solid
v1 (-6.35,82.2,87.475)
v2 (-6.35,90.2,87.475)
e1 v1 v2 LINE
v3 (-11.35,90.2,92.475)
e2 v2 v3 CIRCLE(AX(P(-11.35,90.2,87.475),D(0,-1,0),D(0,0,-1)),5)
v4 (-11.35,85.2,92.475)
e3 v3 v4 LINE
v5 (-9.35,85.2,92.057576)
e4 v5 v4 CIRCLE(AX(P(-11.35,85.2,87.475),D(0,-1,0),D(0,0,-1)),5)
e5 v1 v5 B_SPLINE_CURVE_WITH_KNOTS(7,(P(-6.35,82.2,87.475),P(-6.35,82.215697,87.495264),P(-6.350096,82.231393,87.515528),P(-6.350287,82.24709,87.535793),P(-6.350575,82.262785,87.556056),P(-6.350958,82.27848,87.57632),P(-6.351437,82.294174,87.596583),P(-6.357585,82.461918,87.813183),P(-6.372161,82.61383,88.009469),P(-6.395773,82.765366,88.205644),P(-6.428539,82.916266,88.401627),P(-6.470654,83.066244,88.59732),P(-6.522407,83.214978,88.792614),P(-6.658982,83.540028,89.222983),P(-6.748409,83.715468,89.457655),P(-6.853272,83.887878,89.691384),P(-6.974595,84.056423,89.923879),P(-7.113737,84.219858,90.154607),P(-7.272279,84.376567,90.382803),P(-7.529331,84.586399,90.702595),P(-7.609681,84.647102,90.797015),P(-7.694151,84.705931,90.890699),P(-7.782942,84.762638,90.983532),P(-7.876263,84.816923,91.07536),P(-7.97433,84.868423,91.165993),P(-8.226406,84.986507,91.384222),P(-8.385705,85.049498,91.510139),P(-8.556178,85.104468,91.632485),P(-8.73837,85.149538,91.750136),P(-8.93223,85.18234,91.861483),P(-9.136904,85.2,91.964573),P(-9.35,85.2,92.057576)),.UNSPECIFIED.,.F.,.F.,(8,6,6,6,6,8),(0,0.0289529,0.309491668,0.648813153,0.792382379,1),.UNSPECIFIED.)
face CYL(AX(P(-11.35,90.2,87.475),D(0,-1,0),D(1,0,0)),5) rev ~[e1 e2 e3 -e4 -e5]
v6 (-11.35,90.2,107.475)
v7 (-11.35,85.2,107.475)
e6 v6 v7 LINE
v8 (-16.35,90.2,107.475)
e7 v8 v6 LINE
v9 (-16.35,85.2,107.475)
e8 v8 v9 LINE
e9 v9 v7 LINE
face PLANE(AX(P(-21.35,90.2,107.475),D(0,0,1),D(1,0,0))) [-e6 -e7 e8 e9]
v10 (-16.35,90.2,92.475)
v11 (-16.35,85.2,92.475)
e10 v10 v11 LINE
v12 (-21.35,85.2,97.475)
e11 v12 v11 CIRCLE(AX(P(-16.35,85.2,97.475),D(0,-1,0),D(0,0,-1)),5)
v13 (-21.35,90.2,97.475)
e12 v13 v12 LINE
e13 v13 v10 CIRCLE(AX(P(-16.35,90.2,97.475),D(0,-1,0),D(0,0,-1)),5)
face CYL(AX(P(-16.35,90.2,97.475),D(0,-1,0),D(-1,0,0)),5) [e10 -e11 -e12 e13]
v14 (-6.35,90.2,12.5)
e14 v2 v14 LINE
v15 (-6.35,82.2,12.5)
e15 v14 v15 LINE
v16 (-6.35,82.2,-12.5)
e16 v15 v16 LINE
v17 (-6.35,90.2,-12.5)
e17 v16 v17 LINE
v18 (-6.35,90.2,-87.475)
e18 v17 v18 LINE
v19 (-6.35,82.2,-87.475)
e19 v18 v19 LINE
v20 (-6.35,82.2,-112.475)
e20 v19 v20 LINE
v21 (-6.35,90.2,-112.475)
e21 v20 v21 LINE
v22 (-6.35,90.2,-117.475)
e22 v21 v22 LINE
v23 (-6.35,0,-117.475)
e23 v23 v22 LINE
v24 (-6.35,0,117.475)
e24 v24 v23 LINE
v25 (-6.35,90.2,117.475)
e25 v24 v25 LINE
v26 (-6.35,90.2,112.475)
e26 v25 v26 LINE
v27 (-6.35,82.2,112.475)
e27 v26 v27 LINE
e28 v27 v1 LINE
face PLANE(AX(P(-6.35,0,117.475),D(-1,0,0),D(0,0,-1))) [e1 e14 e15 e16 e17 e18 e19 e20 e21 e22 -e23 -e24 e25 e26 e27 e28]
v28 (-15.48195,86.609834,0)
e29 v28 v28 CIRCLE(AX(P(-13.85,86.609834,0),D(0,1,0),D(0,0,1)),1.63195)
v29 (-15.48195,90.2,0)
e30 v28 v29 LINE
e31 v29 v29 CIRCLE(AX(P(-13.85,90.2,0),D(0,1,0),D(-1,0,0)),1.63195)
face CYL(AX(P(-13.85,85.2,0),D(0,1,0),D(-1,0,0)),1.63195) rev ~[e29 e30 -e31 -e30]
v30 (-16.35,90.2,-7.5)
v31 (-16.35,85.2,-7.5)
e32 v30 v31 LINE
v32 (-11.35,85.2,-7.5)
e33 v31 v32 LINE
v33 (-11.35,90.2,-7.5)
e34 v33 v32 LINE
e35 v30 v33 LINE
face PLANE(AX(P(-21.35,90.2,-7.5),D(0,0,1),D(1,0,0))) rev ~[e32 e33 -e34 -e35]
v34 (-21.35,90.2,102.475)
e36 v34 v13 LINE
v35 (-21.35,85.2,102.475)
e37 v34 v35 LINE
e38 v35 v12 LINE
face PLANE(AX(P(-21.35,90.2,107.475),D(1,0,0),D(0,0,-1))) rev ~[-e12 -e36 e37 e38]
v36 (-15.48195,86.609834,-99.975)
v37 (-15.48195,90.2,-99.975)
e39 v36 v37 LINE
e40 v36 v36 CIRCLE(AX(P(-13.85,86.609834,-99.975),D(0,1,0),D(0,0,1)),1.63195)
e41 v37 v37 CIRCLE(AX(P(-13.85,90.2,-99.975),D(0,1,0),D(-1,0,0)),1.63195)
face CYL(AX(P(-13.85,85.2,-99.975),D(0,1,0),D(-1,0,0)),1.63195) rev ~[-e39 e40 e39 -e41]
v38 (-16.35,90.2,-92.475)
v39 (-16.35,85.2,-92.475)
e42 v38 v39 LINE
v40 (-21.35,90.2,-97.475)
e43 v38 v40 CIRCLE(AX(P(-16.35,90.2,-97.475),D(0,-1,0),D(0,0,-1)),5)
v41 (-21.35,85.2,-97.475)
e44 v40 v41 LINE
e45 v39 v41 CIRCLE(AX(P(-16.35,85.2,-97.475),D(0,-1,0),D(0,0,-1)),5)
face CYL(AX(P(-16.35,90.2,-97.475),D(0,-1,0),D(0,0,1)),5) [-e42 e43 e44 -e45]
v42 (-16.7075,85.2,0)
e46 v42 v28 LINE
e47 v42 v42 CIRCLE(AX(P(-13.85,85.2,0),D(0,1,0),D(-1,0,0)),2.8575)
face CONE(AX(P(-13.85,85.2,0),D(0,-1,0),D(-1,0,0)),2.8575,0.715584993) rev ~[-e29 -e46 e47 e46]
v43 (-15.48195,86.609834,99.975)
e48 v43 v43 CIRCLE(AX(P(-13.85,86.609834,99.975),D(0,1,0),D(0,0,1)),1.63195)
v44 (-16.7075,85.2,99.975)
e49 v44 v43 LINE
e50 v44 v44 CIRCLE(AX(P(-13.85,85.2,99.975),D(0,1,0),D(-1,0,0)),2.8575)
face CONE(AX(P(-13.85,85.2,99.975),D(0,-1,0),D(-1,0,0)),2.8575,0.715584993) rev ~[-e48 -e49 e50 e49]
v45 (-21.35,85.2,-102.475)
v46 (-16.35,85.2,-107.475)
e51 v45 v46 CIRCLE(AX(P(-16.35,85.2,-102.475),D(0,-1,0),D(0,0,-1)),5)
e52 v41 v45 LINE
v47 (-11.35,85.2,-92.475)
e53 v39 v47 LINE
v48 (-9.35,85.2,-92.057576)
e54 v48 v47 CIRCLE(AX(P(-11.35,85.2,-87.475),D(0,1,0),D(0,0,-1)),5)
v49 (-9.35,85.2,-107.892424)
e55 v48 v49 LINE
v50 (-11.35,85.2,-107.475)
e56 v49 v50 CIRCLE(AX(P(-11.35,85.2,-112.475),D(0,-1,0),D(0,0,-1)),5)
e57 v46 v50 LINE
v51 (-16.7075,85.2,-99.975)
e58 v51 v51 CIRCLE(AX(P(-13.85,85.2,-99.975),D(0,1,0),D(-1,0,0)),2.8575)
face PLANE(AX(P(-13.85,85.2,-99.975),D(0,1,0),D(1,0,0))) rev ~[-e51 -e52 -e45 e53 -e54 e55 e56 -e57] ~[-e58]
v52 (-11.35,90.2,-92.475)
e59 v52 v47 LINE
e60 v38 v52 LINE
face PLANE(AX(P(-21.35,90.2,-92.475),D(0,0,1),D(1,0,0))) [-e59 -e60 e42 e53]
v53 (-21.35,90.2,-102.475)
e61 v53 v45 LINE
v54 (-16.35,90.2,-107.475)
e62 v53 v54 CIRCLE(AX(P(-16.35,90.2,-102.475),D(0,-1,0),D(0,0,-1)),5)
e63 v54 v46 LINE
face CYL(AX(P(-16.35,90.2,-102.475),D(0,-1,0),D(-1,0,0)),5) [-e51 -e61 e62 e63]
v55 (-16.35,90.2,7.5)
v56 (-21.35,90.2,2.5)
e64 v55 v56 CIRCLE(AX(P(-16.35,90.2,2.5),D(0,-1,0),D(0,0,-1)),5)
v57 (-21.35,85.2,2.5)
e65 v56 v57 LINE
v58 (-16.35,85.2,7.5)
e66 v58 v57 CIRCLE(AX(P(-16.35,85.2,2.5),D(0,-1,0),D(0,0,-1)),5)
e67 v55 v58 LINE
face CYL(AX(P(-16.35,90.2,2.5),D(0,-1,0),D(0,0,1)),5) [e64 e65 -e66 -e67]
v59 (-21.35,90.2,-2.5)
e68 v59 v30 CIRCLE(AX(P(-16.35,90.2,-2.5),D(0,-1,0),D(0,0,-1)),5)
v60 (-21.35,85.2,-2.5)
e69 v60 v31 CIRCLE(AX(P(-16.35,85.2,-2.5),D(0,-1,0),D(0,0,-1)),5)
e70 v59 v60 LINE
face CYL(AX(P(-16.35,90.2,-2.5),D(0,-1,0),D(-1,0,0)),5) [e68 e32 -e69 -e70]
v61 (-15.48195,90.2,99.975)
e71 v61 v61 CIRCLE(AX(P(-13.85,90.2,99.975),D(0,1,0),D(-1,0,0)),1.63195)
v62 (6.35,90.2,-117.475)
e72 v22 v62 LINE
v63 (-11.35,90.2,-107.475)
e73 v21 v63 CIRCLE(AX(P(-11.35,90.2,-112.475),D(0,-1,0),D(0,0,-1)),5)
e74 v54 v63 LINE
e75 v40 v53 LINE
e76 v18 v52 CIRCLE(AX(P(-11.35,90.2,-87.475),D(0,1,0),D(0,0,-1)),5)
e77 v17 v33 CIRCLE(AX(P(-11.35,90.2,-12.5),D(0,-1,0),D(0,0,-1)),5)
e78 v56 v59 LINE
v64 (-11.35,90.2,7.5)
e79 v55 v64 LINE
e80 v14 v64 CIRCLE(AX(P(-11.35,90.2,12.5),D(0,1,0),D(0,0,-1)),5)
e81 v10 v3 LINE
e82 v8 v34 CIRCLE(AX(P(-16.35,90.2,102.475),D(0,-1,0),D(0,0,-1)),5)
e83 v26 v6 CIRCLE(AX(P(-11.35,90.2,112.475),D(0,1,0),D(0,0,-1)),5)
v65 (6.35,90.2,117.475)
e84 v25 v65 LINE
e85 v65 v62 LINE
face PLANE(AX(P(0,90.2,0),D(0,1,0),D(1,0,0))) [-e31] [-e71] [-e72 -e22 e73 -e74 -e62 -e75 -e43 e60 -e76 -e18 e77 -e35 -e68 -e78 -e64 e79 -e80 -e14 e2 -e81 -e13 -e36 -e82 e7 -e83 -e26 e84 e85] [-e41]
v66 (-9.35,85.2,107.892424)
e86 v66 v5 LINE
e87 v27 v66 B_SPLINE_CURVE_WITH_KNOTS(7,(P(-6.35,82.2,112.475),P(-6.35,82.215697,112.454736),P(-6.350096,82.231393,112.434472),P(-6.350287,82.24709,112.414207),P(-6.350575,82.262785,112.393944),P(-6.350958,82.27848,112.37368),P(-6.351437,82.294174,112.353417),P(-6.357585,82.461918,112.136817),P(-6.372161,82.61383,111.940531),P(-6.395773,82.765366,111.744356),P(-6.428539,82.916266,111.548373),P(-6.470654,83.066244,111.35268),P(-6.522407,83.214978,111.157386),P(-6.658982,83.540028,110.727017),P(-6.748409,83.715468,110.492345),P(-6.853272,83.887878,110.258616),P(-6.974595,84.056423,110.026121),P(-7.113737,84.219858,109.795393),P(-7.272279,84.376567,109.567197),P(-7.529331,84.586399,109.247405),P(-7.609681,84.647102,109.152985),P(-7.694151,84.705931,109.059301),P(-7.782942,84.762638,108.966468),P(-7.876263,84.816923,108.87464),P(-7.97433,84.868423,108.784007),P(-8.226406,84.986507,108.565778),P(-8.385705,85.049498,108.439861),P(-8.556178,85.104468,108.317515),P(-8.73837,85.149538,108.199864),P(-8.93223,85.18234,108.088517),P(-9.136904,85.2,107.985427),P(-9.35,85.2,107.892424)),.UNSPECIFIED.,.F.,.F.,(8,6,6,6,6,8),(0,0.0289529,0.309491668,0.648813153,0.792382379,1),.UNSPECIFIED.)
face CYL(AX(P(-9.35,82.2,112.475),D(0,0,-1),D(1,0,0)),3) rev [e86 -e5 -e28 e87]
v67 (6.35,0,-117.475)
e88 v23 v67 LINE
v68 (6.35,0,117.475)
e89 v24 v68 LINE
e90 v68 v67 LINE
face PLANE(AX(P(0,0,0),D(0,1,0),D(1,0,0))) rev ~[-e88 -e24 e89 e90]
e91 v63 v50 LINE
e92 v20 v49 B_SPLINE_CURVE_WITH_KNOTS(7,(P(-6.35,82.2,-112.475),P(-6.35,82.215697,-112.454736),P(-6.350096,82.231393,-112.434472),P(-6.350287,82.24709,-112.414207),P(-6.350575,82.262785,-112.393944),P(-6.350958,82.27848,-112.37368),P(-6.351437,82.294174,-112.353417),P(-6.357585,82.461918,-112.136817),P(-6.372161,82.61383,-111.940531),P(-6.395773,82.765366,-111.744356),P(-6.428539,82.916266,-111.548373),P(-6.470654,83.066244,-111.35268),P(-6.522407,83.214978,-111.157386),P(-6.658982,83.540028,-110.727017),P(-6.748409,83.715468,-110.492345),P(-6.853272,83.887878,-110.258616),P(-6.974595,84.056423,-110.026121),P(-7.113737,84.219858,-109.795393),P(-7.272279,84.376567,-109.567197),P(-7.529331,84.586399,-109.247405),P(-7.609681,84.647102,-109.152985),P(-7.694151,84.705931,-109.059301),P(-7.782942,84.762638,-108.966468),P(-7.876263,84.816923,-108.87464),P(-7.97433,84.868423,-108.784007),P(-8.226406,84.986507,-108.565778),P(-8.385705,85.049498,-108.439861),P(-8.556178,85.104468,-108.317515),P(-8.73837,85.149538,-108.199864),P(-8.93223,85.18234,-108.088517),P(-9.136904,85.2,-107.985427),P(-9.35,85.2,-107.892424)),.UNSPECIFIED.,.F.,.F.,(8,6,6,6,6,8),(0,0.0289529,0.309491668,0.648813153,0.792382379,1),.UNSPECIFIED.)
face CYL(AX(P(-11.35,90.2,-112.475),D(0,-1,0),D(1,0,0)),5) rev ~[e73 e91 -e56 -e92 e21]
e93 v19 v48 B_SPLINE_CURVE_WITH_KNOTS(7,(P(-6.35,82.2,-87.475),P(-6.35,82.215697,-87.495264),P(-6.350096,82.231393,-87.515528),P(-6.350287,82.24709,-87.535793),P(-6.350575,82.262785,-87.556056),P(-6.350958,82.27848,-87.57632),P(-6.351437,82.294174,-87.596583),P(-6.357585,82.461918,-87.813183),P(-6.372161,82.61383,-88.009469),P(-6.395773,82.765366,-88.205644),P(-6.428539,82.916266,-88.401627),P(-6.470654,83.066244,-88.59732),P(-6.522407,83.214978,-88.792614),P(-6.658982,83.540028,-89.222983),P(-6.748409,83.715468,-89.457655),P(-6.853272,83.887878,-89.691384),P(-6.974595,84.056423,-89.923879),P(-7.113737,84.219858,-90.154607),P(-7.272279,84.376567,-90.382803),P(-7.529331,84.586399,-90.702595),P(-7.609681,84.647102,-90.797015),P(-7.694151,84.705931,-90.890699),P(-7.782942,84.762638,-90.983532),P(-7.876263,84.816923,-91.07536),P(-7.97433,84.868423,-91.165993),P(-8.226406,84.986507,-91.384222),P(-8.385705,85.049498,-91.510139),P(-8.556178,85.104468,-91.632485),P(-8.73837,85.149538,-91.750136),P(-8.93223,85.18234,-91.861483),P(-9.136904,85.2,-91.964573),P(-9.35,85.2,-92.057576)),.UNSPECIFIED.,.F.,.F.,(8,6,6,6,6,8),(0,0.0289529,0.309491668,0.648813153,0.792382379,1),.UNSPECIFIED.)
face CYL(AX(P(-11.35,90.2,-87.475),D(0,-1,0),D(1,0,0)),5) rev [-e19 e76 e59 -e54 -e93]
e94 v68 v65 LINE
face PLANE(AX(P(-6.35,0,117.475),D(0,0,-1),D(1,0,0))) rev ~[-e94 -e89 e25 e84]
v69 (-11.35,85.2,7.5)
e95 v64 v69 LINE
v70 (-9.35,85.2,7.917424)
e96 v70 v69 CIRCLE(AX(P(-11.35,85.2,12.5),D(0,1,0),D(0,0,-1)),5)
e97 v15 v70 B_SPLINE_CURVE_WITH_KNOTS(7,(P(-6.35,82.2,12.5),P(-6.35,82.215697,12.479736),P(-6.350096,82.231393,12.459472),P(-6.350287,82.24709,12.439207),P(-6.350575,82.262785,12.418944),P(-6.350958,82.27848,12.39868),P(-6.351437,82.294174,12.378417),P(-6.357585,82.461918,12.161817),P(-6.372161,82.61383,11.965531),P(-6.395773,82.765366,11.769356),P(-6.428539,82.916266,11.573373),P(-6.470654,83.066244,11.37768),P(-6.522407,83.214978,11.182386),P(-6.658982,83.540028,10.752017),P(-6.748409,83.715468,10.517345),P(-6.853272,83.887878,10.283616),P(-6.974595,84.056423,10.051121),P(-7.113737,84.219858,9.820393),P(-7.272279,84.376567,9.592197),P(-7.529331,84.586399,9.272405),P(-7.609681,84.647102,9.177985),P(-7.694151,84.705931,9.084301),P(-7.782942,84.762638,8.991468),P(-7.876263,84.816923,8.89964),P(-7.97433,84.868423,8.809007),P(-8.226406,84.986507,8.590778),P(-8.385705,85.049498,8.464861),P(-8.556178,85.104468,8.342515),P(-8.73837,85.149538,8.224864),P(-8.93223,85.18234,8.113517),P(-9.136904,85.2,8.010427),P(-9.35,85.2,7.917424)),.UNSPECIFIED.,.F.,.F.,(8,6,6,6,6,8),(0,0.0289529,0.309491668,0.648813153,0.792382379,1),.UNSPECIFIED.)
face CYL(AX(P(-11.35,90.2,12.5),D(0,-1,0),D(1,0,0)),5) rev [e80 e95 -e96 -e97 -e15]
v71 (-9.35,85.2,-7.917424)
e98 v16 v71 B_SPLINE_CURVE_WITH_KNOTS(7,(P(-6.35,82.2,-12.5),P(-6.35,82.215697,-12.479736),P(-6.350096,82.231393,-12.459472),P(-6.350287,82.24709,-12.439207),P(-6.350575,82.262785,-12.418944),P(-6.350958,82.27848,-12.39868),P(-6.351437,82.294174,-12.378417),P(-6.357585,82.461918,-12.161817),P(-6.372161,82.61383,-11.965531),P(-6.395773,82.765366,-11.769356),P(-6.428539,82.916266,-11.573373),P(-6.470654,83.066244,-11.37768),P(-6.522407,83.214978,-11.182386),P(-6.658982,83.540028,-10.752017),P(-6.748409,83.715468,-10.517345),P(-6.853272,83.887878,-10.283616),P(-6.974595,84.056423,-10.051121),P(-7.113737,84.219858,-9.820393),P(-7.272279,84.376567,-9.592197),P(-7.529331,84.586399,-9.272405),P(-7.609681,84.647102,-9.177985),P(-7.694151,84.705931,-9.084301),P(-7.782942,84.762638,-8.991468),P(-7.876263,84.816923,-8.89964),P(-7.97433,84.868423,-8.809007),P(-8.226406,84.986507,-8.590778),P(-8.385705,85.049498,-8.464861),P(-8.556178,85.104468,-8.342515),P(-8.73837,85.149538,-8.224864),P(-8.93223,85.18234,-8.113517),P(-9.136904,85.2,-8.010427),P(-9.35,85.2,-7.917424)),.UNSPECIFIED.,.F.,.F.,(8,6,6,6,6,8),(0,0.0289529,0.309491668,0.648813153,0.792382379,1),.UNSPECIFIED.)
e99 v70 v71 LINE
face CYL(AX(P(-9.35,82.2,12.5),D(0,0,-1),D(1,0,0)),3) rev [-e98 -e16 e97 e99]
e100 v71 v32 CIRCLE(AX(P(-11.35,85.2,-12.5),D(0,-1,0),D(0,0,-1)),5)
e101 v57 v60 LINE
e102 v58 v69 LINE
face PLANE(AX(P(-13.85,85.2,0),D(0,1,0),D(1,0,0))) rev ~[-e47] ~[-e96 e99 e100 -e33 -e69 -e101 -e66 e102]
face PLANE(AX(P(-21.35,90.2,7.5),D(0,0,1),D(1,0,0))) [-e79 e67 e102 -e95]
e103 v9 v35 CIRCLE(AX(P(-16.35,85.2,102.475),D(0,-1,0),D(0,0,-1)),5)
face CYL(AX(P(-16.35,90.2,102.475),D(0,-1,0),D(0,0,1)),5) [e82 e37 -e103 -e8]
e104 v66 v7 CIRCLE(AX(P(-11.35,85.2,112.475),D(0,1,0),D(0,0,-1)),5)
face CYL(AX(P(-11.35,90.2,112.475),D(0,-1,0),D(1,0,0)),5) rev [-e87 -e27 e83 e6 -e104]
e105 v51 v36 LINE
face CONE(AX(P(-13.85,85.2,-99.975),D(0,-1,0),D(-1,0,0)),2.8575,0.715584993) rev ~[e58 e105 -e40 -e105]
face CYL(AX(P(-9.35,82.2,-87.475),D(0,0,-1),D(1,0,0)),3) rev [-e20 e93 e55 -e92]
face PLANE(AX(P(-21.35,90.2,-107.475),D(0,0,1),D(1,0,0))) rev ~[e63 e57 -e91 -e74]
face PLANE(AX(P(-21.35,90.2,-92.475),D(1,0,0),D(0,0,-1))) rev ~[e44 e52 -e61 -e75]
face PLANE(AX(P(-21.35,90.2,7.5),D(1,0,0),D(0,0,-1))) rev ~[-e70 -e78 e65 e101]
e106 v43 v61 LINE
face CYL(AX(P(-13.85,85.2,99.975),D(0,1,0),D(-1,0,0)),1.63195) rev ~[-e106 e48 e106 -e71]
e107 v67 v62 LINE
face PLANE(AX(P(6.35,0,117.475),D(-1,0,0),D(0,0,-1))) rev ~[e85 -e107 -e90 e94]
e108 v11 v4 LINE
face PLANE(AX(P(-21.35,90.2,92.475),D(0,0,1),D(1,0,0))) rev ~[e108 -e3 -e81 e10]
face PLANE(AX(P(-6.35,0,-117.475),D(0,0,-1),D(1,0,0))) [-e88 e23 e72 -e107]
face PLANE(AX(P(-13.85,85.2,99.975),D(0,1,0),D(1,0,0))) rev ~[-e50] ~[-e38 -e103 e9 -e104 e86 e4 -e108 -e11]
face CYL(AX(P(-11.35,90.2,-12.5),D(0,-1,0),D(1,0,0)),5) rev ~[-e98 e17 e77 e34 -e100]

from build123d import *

# Parameters (mm, degrees)
SKETCH1_W                                      = 12.7
SKETCH1_H                                      = 234.95
BOSS_EXTRUDE1_DEPTH                            = 90.2
SKETCH3_W                                      = 15
SKETCH3_H                                      = 15
BOSS_EXTRUDE2_DEPTH                            = 5
CSK_FOR_4_FLAT_HEAD_MACHINE_SCREW1_D           = 3.2639
CSK_FOR_4_FLAT_HEAD_MACHINE_SCREW1_DEPTH       = 5
CSK_FOR_4_FLAT_HEAD_MACHINE_SCREW1_CSINK_D     = 5.715
CSK_FOR_4_FLAT_HEAD_MACHINE_SCREW1_CSINK_ANGLE = 82
FILLET1_R                                      = 5
FILLET2_R                                      = 3


with BuildPart() as part:
    # Sketch1 → Boss-Extrude1 (new body)
    with BuildSketch(Plane(origin=(0, 0, 0), x_dir=(1, 0, 0), z_dir=(0, 1, 0))):
        Rectangle(SKETCH1_W, SKETCH1_H)
    extrude(amount=BOSS_EXTRUDE1_DEPTH)

    # Sketch3 → Boss-Extrude2 (add)
    with BuildSketch(Plane(origin=(0, 90.2, 0), x_dir=(1, 0, 0), z_dir=(0, 1, 0))):
        with Locations((-13.85, 99.975)):
            Rectangle(SKETCH3_W, SKETCH3_H)
        with Locations((-13.85, -99.975)):
            Rectangle(SKETCH3_W, SKETCH3_H)
        with Locations((-13.85, 0)):
            Rectangle(SKETCH3_W, SKETCH3_H)
    extrude(amount=-BOSS_EXTRUDE2_DEPTH)

    # CSK for #4 Flat Head Machine Screw1
    with Locations(Plane.XZ.offset(-85.2)):
        with Locations((-13.85, 99.975), (-13.85, 0), (-13.85, -99.975)):
            CounterSinkHole(CSK_FOR_4_FLAT_HEAD_MACHINE_SCREW1_D / 2, CSK_FOR_4_FLAT_HEAD_MACHINE_SCREW1_CSINK_D / 2, depth=CSK_FOR_4_FLAT_HEAD_MACHINE_SCREW1_DEPTH, counter_sink_angle=CSK_FOR_4_FLAT_HEAD_MACHINE_SCREW1_CSINK_ANGLE)

    # Fillet1
    fillet1_edges = [part.edges().sort_by_distance(p)[0] for p in [
        (-6.35, 87.7, -107.475),
        (-6.35, 87.7, -92.475),
        (-21.35, 87.7, -92.475),
        (-21.35, 87.7, -107.475),
        (-6.35, 87.7, 92.475),
        (-6.35, 87.7, 107.475),
        (-21.35, 87.7, 107.475),
        (-21.35, 87.7, 92.475),
        (-21.35, 87.7, 7.5),
        (-21.35, 87.7, -7.5),
        (-6.35, 87.7, -7.5),
        (-6.35, 87.7, 7.5),
    ]]
    fillet(fillet1_edges, radius=FILLET1_R)

    # Fillet2
    fillet2_edges = [part.edges().sort_by_distance(p)[0] for p in [
        (-6.35, 85.2, -99.975),
        (-6.35, 85.2, 99.975),
        (-6.35, 85.2, 0),
    ]]
    fillet(fillet2_edges, radius=FILLET2_R)


solid = part.part
